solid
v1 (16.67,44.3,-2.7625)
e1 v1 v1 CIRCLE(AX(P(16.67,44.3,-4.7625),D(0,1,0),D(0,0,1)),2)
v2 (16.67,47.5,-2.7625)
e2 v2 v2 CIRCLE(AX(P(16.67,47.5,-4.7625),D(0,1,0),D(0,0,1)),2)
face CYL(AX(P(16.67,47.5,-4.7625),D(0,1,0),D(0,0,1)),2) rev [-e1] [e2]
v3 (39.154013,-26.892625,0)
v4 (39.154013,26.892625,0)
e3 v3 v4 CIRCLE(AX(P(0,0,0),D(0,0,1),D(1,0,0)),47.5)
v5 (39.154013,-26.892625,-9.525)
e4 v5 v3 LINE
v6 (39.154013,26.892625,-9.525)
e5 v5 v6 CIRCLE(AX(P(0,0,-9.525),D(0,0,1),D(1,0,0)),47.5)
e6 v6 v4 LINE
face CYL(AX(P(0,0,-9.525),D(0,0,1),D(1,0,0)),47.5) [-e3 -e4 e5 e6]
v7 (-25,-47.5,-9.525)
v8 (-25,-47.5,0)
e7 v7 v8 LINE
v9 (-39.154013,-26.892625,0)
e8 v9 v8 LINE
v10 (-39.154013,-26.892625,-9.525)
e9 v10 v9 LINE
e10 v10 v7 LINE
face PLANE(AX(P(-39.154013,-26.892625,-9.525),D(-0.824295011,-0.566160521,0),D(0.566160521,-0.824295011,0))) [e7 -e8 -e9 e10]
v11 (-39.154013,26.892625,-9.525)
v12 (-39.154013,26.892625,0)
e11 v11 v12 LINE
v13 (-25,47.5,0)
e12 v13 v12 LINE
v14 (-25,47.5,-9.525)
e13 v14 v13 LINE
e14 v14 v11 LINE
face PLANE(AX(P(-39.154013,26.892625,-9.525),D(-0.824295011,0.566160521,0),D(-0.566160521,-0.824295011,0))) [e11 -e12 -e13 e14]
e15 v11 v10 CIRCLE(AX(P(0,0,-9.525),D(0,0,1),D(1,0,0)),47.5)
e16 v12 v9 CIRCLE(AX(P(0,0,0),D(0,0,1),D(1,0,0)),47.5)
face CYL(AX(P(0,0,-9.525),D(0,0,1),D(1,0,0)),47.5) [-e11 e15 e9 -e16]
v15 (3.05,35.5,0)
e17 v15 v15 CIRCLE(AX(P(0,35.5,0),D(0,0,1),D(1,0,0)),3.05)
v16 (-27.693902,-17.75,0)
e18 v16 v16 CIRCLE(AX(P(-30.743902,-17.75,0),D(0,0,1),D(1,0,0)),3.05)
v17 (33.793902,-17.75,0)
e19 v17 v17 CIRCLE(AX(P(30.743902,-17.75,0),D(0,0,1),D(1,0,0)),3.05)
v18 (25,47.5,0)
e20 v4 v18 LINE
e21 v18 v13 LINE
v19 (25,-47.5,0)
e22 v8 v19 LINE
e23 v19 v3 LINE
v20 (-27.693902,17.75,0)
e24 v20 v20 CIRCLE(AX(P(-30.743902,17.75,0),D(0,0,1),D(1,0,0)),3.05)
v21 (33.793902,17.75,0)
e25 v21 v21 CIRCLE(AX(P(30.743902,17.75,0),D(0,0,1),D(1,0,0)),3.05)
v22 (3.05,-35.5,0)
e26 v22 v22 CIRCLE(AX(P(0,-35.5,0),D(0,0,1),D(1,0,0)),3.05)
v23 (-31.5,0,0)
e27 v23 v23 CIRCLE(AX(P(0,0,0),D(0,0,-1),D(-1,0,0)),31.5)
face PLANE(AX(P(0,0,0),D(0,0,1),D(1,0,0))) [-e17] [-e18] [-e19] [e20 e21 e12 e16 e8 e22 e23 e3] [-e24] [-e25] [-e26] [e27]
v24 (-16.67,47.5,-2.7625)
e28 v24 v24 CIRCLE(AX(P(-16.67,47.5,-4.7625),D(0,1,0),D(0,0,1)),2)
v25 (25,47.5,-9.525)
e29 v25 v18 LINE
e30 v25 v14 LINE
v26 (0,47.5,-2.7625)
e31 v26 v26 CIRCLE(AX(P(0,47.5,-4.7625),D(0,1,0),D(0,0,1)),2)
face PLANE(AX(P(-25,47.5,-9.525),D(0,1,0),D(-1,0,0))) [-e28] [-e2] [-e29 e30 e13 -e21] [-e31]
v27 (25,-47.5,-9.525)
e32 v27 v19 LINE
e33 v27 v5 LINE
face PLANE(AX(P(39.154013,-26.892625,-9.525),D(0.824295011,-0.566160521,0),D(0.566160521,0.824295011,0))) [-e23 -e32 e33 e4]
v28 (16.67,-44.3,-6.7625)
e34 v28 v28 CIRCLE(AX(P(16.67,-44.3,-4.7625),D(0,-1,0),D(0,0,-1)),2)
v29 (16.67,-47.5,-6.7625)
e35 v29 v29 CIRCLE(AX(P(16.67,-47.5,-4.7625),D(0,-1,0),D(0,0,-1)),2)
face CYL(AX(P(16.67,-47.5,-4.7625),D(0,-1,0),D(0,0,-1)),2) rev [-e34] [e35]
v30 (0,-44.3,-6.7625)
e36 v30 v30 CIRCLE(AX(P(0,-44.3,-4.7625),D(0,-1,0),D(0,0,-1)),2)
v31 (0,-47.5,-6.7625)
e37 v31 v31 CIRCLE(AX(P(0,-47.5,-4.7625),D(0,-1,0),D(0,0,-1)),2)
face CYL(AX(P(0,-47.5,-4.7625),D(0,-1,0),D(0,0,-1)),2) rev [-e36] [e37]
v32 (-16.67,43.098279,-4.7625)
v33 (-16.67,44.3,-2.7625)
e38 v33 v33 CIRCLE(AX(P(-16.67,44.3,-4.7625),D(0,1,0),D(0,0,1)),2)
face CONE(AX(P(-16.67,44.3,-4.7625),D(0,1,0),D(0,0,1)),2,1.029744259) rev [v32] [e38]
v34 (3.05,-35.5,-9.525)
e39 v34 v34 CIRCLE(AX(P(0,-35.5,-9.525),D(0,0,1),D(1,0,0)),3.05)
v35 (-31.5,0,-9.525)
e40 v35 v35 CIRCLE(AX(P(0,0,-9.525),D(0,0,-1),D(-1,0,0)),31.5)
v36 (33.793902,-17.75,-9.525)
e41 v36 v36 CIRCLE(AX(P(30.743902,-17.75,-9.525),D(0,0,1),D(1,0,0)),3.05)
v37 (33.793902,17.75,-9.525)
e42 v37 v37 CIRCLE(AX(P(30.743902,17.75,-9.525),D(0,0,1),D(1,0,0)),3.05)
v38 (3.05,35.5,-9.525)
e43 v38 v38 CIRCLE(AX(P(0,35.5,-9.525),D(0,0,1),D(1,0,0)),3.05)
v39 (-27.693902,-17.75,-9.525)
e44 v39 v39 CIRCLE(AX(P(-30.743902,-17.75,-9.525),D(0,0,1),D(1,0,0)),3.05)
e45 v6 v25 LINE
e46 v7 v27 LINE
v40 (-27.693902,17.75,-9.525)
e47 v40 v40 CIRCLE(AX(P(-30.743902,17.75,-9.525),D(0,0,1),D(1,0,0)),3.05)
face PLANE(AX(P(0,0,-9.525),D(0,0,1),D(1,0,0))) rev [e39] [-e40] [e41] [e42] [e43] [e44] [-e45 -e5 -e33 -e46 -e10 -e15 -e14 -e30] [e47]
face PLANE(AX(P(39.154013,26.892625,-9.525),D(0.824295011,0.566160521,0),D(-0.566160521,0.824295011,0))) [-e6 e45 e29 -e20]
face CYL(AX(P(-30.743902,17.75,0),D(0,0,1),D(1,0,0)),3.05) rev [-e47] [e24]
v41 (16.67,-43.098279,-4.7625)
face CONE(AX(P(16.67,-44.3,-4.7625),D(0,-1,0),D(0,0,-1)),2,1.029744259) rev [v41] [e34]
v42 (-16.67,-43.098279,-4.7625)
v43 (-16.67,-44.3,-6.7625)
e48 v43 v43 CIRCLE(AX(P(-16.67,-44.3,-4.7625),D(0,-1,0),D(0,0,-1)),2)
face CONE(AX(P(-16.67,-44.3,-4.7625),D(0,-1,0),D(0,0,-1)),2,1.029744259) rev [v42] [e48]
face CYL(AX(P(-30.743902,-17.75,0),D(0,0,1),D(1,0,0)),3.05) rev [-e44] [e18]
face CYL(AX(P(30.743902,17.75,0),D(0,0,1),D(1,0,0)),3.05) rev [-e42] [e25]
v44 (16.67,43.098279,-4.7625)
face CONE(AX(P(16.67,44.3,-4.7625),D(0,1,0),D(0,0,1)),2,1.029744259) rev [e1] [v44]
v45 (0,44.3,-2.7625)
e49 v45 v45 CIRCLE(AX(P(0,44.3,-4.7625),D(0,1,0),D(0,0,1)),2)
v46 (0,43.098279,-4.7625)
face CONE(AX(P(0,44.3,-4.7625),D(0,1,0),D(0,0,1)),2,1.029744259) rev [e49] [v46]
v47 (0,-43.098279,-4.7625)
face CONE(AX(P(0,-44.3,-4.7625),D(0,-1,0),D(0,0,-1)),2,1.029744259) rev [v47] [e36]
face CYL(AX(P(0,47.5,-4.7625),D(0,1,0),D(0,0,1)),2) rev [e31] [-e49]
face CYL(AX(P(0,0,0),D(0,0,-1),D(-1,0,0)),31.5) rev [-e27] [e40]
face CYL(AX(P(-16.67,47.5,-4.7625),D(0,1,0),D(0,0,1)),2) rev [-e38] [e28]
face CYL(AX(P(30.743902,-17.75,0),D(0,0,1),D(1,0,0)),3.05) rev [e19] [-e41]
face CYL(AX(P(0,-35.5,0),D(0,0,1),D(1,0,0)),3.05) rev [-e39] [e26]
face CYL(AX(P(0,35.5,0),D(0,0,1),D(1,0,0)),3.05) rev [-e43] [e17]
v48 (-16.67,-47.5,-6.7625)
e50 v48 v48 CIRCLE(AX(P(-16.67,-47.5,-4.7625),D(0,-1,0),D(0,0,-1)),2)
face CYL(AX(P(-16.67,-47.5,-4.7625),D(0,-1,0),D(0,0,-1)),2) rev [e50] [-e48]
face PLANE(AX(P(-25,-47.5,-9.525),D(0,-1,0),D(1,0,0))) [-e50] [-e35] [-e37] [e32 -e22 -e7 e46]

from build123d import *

# Parameters (mm, degrees)
BOSS_EXTRUDE1_DEPTH       = 9.525
F_6_0MM_DOWEL_HOLE1_D     = 6.1
SKETCH4_R                 = 31.5
CUT_EXTRUDE1_DEPTH        = 68.847075287
F_4_0MM_DOWEL_HOLE1_D     = 4
F_4_0MM_DOWEL_HOLE1_DEPTH = 3.2
F_4_0MM_DOWEL_HOLE1_TIP   = 1.201721238
F_4_0MM_DOWEL_HOLE2_D     = 4
F_4_0MM_DOWEL_HOLE2_DEPTH = 3.2
F_4_0MM_DOWEL_HOLE2_TIP   = 1.201721238


with BuildPart() as part:
    # Sketch1 → Boss-Extrude1 (new body)
    with BuildSketch(Plane.XY):
        with BuildLine():
            Line((-25, 47.5), (25, 47.5))
            Line((25, 47.5), (39.154013015, 26.892624729))
            ThreePointArc((39.154013015, 26.892624729), (47.5, 0), (39.154013015, -26.892624729))
            Line((39.154013015, -26.892624729), (25, -47.5))
            Line((25, -47.5), (-25, -47.5))
            Line((-25, -47.5), (-39.154013015, -26.892624729))
            ThreePointArc((-39.154013015, -26.892624729), (-47.5, 0), (-39.154013015, 26.892624729))
            Line((-39.154013015, 26.892624729), (-25, 47.5))
        make_face()
    extrude(amount=-BOSS_EXTRUDE1_DEPTH)

    # Ø6.0mm Dowel Hole1 (through all)
    with Locations(Plane.XY):
        with Locations((-30.743901834, 17.75), (0, 35.5), (30.743901834, 17.75), (30.743901834, -17.75), (0, -35.5), (-30.743901834, -17.75)):
            Hole(F_6_0MM_DOWEL_HOLE1_D / 2)

    # Sketch4 → Cut-Extrude1 (cut, through all)
    with BuildSketch(Plane(origin=(0, 0, -9.525), x_dir=(-1, 0, 0), z_dir=(0, 0, -1))):
        Circle(SKETCH4_R)
    extrude(amount=-CUT_EXTRUDE1_DEPTH, mode=Mode.SUBTRACT)

    # Ø4.0mm Dowel Hole1
    with Locations(Plane(origin=(0, 47.5, 0), x_dir=(1, 0, 0), z_dir=(0, 1, 0))):
        with Locations((-16.67, 4.7625), (0, 4.7625), (16.67, 4.7625)):
            Hole(F_4_0MM_DOWEL_HOLE1_D / 2, depth=F_4_0MM_DOWEL_HOLE1_DEPTH)
            with Locations((0, 0, -(F_4_0MM_DOWEL_HOLE1_DEPTH + F_4_0MM_DOWEL_HOLE1_TIP / 2))):  # 118° drill point
                Cone(0, F_4_0MM_DOWEL_HOLE1_D / 2, F_4_0MM_DOWEL_HOLE1_TIP, mode=Mode.SUBTRACT)

    # Ø4.0mm Dowel Hole2
    with Locations(Plane.XZ.offset(47.5)):
        with Locations((0, -4.7625), (-16.67, -4.7625), (16.67, -4.7625)):
            Hole(F_4_0MM_DOWEL_HOLE2_D / 2, depth=F_4_0MM_DOWEL_HOLE2_DEPTH)
            with Locations((0, 0, -(F_4_0MM_DOWEL_HOLE2_DEPTH + F_4_0MM_DOWEL_HOLE2_TIP / 2))):  # 118° drill point
                Cone(0, F_4_0MM_DOWEL_HOLE2_D / 2, F_4_0MM_DOWEL_HOLE2_TIP, mode=Mode.SUBTRACT)


solid = part.part
